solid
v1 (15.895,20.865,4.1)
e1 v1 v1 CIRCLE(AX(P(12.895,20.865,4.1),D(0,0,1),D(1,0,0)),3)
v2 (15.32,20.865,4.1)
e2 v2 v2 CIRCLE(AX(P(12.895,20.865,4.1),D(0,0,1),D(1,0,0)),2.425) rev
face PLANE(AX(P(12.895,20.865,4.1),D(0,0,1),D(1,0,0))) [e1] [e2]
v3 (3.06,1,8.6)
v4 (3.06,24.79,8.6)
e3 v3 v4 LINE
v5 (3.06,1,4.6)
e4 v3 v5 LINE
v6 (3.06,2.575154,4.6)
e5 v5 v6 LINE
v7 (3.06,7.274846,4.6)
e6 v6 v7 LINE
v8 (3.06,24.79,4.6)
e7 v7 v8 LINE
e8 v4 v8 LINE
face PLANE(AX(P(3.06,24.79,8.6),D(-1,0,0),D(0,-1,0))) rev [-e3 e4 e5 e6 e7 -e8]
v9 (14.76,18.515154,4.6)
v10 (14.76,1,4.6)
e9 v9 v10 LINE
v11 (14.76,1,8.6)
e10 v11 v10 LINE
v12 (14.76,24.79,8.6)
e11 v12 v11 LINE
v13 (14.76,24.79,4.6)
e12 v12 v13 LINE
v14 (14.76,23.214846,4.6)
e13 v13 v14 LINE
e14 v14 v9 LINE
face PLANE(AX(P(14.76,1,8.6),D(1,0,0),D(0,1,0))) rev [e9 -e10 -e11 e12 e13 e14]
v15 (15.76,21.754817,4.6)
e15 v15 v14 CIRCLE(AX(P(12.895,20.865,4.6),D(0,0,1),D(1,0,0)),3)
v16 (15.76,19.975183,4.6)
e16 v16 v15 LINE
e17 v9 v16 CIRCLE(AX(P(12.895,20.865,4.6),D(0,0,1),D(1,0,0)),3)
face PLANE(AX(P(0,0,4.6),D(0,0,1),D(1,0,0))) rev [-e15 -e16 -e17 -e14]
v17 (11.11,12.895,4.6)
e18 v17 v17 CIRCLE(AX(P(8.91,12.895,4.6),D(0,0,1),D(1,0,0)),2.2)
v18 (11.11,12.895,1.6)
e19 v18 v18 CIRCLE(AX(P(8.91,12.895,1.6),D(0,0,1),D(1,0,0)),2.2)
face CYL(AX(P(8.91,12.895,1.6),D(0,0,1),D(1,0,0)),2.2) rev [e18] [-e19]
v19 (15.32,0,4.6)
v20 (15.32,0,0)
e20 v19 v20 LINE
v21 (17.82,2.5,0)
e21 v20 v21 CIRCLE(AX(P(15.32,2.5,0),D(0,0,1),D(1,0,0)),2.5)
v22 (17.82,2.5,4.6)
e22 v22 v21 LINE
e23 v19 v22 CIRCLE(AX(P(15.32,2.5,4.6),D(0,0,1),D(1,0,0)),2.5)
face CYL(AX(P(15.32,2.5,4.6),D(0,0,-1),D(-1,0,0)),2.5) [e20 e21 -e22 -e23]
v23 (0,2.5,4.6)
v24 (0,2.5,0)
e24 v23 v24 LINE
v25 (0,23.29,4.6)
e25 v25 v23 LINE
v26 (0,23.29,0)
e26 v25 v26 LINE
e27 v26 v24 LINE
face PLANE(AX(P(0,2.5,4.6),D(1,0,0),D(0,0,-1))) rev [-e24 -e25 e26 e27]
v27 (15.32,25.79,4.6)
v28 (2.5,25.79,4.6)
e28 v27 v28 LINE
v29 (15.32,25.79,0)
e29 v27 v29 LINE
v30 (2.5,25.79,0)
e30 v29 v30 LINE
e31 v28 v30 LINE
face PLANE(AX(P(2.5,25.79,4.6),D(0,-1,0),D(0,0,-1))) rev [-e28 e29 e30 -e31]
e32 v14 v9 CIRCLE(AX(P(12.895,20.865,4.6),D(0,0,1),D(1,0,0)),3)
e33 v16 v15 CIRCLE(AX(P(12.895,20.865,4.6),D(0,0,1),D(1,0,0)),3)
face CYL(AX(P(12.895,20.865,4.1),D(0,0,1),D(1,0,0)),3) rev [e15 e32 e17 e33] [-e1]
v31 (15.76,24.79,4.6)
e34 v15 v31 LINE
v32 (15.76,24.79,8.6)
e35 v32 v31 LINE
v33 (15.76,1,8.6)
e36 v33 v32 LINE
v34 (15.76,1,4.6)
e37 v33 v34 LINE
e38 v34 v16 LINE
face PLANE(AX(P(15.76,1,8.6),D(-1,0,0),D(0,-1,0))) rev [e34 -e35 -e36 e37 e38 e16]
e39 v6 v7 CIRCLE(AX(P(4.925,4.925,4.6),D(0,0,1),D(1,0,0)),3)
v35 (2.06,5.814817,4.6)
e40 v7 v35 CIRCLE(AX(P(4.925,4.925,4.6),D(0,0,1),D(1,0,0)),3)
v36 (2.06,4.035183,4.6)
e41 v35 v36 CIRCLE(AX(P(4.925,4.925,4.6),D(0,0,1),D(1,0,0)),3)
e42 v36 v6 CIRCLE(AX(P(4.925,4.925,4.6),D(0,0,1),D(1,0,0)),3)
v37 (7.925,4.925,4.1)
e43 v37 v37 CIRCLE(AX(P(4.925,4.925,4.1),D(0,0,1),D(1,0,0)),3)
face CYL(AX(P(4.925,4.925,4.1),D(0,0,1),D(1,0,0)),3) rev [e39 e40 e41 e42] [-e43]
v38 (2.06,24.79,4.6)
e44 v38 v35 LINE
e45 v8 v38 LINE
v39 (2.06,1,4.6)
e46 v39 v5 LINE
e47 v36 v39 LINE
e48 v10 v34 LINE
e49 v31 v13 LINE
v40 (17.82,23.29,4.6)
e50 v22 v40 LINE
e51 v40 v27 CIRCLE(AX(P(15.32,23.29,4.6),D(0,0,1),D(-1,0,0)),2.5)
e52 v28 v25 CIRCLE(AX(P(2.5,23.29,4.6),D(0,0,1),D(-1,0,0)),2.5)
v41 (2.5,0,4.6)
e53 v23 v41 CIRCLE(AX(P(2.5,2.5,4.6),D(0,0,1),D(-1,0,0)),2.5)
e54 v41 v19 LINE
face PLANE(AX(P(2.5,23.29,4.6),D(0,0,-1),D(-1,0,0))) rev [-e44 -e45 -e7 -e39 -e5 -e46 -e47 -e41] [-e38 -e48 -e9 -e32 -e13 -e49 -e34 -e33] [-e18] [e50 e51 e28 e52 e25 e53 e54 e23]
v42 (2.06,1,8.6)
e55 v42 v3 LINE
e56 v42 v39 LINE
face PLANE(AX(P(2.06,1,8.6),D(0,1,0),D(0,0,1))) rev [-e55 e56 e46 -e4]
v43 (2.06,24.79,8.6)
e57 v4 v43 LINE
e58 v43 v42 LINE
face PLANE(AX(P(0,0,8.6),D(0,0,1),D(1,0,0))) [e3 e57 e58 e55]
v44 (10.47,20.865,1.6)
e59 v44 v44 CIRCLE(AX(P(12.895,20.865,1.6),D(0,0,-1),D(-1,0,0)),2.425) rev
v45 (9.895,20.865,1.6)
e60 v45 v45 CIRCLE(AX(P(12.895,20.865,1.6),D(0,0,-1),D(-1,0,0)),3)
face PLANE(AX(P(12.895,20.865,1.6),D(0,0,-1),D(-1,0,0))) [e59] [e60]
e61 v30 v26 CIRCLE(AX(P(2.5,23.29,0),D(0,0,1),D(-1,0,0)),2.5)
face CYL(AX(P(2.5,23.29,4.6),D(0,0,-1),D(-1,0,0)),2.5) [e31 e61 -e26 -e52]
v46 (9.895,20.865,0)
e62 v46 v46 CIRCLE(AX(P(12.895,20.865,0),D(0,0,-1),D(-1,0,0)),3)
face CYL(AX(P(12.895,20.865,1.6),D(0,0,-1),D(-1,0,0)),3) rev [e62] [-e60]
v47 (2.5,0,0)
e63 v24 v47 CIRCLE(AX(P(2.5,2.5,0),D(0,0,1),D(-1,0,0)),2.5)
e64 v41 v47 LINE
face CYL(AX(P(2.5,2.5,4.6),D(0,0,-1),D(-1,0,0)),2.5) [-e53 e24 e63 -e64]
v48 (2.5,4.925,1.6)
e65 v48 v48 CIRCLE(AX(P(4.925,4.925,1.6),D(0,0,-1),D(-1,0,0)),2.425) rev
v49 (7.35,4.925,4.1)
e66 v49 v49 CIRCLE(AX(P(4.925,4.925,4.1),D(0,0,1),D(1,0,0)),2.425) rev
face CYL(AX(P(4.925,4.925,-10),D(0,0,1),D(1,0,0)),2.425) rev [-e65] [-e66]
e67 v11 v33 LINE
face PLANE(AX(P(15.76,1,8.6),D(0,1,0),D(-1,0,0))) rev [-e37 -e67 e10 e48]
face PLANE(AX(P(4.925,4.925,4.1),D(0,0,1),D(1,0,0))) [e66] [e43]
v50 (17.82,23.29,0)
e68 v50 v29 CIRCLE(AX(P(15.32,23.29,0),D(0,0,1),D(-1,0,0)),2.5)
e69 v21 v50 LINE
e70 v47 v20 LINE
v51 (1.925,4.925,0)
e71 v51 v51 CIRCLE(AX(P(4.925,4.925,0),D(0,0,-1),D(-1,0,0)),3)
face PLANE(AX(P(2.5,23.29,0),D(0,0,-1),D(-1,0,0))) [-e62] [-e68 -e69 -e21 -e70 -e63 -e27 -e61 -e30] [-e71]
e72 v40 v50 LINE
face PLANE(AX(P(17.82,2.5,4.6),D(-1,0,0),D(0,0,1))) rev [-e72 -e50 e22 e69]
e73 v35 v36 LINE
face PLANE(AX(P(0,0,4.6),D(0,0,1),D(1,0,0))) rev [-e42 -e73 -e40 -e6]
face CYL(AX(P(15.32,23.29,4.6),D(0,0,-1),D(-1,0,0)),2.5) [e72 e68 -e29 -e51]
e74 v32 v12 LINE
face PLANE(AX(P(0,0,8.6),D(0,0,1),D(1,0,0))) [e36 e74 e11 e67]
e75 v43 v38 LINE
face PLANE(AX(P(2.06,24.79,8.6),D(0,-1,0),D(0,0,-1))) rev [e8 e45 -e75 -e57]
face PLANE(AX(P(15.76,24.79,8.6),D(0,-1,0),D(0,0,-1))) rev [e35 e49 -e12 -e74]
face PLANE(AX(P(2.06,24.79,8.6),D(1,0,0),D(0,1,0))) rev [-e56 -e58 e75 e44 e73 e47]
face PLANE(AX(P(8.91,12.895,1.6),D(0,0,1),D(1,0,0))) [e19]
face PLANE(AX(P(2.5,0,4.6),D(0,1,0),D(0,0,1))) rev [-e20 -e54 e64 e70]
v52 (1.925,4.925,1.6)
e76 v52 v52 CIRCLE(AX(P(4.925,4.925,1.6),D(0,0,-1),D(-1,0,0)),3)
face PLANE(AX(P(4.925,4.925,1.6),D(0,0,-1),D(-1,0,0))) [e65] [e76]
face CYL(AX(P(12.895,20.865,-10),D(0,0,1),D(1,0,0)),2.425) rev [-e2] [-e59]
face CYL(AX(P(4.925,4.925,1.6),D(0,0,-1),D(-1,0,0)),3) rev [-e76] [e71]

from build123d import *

# Parameters (mm, degrees)
BOSS_EXTRUDE1_DEPTH = 4.6
SKETCH4_R           = 2.425
CUT_EXTRUDE1_DEPTH  = 14.6
SKETCH5_R           = 3
CUT_EXTRUDE2_DEPTH  = 1.6
SKETCH6_R           = 3
CUT_EXTRUDE3_DEPTH  = 0.5
SKETCH7_R           = 2.2
CUT_EXTRUDE4_DEPTH  = 3
SKETCH8_W           = 1
SKETCH8_H           = 23.79
BOSS_EXTRUDE2_DEPTH = 4


with BuildPart() as part:
    # Sketch1 → Boss-Extrude1 (new body)
    with BuildSketch(Plane.XY):
        with BuildLine():
            Line((2.5, 0), (15.32, 0))
            ThreePointArc((15.32, 0), (17.087766953, 0.732233047), (17.82, 2.5))
            Line((17.82, 2.5), (17.82, 23.29))
            ThreePointArc((17.82, 23.29), (17.087766953, 25.057766953), (15.32, 25.79))
            Line((15.32, 25.79), (2.5, 25.79))
            ThreePointArc((2.5, 25.79), (0.732233047, 25.057766953), (0, 23.29))
            Line((0, 23.29), (0, 2.5))
            ThreePointArc((0, 2.5), (0.732233047, 0.732233047), (2.5, 0))
        make_face()
    extrude(amount=BOSS_EXTRUDE1_DEPTH)

    # Sketch4 → Cut-Extrude1 (cut)
    with BuildSketch(Plane.XY.offset(4.6)):
        with Locations((4.925, 4.925)):
            Circle(SKETCH4_R)
        with Locations((12.895, 20.865)):
            Circle(SKETCH4_R)
    extrude(amount=-CUT_EXTRUDE1_DEPTH, mode=Mode.SUBTRACT)

    # Sketch5 → Cut-Extrude2 (cut)
    with BuildSketch(Plane(origin=(0, 0, 0), x_dir=(-1, 0, 0), z_dir=(0, 0, -1))):
        with Locations((-12.895, 20.865)):
            Circle(SKETCH5_R)
        with Locations((-4.925, 4.925)):
            Circle(SKETCH5_R)
    extrude(amount=-CUT_EXTRUDE2_DEPTH, mode=Mode.SUBTRACT)

    # Sketch6 → Cut-Extrude3 (cut)
    with BuildSketch(Plane.XY.offset(4.6)):
        with Locations((4.925, 4.925)):
            Circle(SKETCH6_R)
        with Locations((12.895, 20.865)):
            Circle(SKETCH6_R)
    extrude(amount=-CUT_EXTRUDE3_DEPTH, mode=Mode.SUBTRACT)

    # Sketch7 → Cut-Extrude4 (cut)
    with BuildSketch(Plane.XY.offset(4.6)):
        with Locations((8.91, 12.895)):
            Circle(SKETCH7_R)
    extrude(amount=-CUT_EXTRUDE4_DEPTH, mode=Mode.SUBTRACT)

    # Sketch8 → Boss-Extrude2 (add)
    with BuildSketch(Plane.XY.offset(4.6)):
        with Locations((2.56, 12.895)):
            Rectangle(SKETCH8_W, SKETCH8_H)
        with Locations((15.26, 12.895)):
            Rectangle(SKETCH8_W, SKETCH8_H)
    extrude(amount=BOSS_EXTRUDE2_DEPTH)


solid = part.part
